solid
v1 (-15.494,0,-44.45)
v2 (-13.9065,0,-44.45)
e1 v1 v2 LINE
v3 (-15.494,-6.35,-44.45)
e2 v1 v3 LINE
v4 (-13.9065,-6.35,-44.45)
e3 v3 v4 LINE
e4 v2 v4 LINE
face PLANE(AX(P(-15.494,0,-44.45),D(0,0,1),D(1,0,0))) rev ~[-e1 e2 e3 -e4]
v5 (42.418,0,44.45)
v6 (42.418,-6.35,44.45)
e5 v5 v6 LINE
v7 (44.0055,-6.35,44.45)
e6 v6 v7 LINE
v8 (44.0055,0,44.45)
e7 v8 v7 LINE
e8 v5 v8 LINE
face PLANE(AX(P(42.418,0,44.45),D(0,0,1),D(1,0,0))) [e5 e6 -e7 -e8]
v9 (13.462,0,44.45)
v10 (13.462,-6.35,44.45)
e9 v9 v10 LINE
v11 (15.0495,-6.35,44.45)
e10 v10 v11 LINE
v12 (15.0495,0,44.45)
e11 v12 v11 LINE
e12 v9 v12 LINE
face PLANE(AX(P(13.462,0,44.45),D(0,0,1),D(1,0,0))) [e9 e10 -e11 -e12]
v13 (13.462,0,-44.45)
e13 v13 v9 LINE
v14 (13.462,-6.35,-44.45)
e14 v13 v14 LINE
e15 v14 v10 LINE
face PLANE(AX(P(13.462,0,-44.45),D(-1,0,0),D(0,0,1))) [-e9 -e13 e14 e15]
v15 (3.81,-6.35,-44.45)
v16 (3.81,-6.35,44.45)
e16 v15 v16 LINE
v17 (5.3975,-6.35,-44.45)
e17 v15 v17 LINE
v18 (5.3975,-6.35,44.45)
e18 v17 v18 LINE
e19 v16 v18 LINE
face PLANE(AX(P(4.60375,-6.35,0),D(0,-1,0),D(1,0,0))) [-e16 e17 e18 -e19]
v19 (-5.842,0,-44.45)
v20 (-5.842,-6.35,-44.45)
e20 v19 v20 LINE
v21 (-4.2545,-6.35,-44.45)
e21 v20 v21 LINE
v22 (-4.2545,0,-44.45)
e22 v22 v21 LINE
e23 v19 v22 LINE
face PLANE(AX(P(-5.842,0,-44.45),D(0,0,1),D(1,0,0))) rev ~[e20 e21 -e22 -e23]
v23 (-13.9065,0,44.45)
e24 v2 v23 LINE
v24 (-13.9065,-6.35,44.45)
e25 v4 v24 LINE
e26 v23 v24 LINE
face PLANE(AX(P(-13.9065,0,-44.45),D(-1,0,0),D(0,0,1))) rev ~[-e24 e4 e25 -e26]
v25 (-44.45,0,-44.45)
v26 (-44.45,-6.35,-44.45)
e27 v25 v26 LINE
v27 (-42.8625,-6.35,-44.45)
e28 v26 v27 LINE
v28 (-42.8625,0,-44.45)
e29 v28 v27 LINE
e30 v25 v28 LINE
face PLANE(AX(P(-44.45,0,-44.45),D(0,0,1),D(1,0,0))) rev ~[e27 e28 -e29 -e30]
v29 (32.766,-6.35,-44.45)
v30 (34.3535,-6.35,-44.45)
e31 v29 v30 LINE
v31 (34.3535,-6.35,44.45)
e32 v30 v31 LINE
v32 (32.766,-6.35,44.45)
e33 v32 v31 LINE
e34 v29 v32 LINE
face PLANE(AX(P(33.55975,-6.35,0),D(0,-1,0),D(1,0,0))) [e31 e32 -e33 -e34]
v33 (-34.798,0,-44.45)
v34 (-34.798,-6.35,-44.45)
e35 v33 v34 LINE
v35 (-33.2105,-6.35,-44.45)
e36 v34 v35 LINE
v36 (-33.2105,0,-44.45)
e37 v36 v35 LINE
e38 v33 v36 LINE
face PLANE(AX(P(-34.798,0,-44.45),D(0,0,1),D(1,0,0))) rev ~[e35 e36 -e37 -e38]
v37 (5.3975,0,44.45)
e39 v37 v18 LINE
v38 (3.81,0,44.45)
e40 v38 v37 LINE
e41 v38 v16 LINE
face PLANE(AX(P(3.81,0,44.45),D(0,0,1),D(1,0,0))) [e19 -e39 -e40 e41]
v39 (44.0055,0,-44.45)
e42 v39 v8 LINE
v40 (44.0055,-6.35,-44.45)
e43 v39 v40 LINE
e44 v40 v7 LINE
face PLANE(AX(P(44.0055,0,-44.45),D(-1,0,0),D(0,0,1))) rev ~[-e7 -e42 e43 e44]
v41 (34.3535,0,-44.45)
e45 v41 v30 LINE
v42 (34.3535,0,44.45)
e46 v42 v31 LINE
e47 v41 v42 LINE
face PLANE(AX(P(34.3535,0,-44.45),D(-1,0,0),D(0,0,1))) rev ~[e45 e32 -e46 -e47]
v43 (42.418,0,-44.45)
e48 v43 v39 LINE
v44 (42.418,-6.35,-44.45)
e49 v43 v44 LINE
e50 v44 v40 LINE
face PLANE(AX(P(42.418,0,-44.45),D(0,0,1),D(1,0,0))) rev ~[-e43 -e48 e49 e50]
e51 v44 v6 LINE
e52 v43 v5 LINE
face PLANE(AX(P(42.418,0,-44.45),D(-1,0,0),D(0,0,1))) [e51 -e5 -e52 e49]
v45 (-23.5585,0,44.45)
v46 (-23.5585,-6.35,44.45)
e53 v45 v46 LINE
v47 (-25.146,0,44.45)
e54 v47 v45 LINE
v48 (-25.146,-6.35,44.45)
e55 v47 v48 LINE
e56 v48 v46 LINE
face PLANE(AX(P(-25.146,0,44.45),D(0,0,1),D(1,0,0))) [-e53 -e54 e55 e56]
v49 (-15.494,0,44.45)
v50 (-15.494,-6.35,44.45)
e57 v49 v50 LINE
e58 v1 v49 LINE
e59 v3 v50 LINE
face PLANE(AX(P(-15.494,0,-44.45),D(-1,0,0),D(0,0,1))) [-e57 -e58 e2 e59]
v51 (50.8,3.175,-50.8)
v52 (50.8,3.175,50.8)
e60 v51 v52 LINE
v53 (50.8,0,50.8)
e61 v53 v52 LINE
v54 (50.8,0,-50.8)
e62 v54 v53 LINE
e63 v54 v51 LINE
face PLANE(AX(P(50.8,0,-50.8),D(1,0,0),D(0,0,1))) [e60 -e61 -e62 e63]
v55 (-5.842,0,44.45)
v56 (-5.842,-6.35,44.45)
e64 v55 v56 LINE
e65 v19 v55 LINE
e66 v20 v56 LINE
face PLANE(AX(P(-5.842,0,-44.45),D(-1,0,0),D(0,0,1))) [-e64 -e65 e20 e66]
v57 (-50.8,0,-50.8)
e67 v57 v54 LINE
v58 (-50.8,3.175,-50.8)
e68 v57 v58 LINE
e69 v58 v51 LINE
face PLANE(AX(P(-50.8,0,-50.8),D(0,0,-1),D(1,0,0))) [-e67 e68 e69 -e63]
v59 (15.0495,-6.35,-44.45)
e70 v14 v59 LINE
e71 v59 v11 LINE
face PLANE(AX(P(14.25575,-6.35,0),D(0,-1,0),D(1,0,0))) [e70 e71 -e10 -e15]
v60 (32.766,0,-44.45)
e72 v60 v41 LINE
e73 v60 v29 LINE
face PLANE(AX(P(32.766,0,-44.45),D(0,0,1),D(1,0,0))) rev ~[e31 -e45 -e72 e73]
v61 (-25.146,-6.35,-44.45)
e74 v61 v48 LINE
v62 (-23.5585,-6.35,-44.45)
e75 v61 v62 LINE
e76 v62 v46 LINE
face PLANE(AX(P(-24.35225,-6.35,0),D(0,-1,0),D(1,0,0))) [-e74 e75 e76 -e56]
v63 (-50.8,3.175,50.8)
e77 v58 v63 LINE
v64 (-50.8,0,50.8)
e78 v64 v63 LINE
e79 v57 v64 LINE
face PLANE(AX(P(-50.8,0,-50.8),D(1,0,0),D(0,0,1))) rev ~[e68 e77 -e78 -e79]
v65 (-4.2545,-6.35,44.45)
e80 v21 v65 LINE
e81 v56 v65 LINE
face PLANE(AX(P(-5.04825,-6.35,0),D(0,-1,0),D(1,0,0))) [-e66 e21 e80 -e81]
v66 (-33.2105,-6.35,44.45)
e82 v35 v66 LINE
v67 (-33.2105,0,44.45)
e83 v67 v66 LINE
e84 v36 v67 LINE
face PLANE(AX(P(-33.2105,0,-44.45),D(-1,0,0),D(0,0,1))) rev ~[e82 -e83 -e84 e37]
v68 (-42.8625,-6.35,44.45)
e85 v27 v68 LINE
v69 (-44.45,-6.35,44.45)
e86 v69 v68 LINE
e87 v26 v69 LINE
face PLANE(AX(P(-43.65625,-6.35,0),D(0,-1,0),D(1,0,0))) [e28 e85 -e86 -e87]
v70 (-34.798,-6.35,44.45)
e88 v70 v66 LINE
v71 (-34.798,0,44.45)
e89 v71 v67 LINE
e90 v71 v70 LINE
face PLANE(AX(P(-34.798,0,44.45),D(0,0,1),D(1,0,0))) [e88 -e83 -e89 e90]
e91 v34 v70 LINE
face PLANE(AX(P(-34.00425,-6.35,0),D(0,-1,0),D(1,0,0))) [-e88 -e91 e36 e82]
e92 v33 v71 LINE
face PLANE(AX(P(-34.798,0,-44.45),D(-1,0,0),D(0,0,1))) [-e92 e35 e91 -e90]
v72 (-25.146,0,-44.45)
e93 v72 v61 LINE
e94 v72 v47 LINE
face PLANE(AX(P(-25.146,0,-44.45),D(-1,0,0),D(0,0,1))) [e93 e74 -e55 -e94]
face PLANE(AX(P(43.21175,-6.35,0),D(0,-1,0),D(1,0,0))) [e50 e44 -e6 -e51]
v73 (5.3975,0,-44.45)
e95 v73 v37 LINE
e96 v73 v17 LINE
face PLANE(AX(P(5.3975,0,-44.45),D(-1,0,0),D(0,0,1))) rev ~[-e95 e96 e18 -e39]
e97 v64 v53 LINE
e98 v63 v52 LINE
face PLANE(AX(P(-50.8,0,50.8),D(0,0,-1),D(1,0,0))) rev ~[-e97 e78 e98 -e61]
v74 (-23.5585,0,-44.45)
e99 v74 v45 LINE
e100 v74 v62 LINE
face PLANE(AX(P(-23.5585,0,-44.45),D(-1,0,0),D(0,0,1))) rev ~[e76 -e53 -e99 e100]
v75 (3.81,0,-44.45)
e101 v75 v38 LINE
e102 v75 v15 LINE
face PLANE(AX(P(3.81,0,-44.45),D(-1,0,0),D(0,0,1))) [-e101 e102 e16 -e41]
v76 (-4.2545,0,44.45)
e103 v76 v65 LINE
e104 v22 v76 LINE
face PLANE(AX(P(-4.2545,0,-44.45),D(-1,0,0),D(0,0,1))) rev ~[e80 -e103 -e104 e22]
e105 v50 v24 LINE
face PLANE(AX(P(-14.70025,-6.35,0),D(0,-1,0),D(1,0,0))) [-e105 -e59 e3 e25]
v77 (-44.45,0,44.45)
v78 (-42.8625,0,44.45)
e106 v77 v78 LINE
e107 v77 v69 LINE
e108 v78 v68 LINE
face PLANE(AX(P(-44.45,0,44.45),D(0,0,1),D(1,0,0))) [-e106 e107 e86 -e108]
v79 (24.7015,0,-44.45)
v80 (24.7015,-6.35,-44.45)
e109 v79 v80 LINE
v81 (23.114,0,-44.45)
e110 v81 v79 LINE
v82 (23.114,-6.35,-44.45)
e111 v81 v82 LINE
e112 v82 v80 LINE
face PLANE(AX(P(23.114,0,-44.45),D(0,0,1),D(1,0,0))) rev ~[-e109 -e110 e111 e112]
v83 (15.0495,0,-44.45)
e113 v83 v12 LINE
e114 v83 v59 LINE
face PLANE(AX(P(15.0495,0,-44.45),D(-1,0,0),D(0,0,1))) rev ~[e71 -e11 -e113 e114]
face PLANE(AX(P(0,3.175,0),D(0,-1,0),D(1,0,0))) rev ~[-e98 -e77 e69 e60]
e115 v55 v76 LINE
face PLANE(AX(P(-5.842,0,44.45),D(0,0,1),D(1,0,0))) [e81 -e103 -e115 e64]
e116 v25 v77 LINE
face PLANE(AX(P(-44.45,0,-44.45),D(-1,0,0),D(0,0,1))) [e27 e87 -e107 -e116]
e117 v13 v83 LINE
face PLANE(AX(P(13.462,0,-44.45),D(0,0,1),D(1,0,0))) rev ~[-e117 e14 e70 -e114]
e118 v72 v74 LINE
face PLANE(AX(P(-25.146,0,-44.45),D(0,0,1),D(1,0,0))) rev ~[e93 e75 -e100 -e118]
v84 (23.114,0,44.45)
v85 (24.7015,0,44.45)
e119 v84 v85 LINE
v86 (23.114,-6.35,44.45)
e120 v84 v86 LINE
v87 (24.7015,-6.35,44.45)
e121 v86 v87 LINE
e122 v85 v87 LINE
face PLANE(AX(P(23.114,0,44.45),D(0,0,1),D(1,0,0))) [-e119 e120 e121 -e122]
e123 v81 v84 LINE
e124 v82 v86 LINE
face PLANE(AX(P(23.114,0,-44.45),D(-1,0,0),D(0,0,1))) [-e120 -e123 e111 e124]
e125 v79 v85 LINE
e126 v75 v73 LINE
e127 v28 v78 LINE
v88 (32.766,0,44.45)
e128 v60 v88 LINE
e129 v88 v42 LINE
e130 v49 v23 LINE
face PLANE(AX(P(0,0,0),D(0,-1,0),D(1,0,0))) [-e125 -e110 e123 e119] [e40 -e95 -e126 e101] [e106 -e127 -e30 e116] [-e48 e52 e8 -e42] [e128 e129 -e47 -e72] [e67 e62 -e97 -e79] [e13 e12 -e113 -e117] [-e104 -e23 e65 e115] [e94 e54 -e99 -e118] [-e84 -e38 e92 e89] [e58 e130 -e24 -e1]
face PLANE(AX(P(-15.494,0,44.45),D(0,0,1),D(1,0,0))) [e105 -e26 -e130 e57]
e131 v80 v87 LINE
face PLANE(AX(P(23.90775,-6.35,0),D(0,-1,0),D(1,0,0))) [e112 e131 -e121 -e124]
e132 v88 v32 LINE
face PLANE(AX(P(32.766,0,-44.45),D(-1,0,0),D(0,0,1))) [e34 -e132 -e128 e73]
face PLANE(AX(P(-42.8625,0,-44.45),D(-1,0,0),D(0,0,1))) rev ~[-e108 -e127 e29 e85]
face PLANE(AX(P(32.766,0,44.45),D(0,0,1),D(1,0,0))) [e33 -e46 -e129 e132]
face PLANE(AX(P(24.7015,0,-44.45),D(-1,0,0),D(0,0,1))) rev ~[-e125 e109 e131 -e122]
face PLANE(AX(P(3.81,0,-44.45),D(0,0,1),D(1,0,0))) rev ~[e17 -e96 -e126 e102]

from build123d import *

# Parameters (mm, degrees)
F0_W     = 101.6
F0_H     = 101.6
F1_DEPTH = 3.175
F2_W     = 1.5875
F2_H     = 88.9
F3_DEPTH = 6.35


with BuildPart() as f1:
    # F0 (on Front) → F1 (new body)
    with BuildSketch(Plane.XZ):
        Rectangle(F0_W, F0_H)
    extrude(amount=-F1_DEPTH)

    # F2 (on face) → F3 (join)
    with BuildSketch(Plane.XZ):
        with Locations((-43.65625, 0)):
            Rectangle(F2_W, F2_H)
        with Locations((-34.00425, 0)):
            Rectangle(F2_W, F2_H)
        with Locations((-24.35225, 0)):
            Rectangle(F2_W, F2_H)
        with Locations((-14.70025, 0)):
            Rectangle(F2_W, F2_H)
        with Locations((-5.04825, 0)):
            Rectangle(F2_W, F2_H)
        with Locations((4.60375, 0)):
            Rectangle(F2_W, F2_H)
        with Locations((14.25575, 0)):
            Rectangle(F2_W, F2_H)
        with Locations((23.90775, 0)):
            Rectangle(F2_W, F2_H)
        with Locations((33.55975, 0)):
            Rectangle(F2_W, F2_H)
        with Locations((43.21175, 0)):
            Rectangle(F2_W, F2_H)
    extrude(amount=F3_DEPTH)


solid = f1.part
